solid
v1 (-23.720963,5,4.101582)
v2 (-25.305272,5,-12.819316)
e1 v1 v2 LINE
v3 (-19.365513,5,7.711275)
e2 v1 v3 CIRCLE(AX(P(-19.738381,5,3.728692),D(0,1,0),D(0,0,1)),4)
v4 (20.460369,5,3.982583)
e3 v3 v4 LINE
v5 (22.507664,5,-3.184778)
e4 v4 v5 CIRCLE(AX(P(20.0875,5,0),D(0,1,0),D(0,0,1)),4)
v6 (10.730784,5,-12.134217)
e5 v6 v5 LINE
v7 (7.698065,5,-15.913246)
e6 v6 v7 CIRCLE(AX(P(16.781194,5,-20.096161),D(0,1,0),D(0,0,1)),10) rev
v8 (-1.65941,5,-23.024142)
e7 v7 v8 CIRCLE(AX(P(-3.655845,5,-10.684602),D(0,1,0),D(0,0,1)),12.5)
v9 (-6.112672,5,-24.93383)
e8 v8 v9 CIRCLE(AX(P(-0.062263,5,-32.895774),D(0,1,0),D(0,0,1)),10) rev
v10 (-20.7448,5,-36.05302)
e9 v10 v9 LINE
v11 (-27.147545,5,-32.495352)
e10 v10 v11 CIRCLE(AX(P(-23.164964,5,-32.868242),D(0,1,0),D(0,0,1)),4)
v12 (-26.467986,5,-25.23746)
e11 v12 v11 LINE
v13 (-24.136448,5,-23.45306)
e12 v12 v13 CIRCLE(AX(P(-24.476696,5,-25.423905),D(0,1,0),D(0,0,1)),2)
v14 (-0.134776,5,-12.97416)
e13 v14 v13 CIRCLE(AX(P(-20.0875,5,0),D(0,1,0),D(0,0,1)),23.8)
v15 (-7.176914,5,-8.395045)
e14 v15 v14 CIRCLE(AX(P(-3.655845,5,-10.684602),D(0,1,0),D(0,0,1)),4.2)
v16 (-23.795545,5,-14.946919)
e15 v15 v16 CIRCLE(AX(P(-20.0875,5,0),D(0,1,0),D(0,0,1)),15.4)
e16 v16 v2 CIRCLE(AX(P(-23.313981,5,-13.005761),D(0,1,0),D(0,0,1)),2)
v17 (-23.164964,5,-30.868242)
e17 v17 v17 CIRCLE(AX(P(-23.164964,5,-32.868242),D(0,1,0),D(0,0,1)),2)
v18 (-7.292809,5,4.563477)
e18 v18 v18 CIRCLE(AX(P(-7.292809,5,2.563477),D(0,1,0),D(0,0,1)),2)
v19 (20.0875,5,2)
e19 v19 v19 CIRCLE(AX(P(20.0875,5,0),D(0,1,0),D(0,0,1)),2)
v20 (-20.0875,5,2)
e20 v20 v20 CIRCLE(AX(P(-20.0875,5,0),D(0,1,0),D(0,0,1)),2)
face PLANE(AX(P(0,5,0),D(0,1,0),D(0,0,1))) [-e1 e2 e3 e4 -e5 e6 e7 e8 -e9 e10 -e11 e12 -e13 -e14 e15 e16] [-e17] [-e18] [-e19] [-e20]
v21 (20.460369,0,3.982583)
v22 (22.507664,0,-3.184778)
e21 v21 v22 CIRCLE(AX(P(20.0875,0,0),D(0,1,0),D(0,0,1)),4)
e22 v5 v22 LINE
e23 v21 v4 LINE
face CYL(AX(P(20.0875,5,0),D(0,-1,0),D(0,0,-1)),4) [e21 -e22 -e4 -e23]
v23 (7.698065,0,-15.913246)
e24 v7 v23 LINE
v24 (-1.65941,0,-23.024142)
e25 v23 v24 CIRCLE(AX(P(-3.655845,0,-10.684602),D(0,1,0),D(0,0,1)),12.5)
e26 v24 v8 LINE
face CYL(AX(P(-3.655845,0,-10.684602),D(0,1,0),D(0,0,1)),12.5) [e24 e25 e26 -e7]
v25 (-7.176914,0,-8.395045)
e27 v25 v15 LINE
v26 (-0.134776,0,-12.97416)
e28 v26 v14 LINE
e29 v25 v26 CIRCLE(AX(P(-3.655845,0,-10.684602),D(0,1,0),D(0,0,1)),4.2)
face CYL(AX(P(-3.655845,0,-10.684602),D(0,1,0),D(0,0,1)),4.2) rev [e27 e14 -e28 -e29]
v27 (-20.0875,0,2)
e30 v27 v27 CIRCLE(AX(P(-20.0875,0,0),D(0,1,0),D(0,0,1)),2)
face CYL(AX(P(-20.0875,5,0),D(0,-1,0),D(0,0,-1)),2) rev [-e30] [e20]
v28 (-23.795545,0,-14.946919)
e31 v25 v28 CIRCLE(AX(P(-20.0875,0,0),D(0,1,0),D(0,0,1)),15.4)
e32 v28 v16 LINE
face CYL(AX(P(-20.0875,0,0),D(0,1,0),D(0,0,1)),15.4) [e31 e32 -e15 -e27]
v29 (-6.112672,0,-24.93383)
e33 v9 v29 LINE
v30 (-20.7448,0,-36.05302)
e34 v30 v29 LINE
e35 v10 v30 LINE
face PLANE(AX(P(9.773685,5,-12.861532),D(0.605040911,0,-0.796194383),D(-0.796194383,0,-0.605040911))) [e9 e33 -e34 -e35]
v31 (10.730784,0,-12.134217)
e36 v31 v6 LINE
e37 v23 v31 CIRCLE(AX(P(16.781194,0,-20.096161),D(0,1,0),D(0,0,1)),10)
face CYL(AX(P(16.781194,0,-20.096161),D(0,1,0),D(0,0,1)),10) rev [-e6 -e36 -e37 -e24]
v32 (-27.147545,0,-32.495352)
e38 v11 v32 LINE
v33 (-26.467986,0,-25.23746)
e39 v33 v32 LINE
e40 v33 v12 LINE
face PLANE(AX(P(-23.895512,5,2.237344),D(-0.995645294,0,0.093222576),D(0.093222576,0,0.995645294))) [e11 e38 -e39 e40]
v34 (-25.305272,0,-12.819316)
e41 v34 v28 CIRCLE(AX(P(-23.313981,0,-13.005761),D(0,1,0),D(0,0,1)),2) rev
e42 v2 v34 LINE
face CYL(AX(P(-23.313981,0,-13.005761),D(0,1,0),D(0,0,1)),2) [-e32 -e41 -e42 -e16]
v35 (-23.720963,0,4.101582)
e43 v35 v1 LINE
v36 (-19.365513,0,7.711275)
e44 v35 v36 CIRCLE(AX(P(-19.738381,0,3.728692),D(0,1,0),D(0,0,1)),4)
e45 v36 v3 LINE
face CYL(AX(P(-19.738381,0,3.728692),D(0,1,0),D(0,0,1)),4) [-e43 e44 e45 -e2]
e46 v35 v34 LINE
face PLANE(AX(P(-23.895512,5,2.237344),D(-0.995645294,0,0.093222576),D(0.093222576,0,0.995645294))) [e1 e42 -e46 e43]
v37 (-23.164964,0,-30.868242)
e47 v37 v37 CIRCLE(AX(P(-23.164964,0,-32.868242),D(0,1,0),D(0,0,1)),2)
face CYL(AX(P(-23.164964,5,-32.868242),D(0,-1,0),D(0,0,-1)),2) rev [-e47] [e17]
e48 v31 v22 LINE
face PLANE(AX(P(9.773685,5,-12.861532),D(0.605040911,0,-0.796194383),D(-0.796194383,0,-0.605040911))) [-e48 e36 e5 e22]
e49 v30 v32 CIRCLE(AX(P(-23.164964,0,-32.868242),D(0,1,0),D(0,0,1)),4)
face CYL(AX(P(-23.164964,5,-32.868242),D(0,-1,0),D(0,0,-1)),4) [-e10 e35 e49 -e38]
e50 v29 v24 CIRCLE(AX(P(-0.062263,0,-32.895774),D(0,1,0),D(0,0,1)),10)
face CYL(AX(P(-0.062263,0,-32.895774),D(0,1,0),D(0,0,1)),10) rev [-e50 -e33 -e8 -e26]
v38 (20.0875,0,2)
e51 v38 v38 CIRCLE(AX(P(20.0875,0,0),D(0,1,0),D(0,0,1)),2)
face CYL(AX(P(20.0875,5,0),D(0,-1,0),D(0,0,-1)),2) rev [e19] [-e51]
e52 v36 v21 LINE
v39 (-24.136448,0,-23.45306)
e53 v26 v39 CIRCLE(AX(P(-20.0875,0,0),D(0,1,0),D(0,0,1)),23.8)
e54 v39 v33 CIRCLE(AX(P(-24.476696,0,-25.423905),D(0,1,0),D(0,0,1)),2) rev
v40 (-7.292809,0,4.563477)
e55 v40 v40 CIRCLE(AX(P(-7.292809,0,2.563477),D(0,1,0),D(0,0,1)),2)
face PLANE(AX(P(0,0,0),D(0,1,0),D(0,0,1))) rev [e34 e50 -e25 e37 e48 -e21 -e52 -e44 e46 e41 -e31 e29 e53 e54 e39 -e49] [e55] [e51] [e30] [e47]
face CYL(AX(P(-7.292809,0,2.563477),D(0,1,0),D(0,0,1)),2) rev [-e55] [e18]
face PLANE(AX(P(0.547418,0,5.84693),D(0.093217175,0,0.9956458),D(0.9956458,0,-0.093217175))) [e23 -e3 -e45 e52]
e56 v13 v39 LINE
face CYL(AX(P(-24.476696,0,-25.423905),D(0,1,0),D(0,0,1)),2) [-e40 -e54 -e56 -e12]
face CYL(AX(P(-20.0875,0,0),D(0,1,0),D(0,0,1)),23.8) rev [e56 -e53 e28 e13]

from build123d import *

# Parameters (mm, degrees)
SKETCH_1_R          = 2
EXTRUDE_1_DEPTH     = 5
EXTRUDE_2_DEPTH     = 5
CUT_EXTRUDE_1_DEPTH = 6
EXTRUDE_3_DEPTH     = 5
FILLET_1_R          = 10
FILLET_2_R          = 2
SKETCH_6_R          = 2
CUT_EXTRUDE_2_DEPTH = 6


with BuildPart() as part:
    # 草图1 → 凸台-拉伸1 (new body)
    with BuildSketch(Plane(origin=(0, 0, 0), x_dir=(1, 0, 0), z_dir=(0, 1, 0))):
        with BuildLine():
            ThreePointArc((-20.0875, 4), (-23.044826598, 2.693365811), (-24.070081176, -0.372890305))
            ThreePointArc((-24.070081176, -0.372890305), (-22.780865811, -2.957326598), (-20.0875, -4))
            ThreePointArc((-20.0875, -4), (-17.130173402, -2.693365811), (-16.104918824, 0.372890305))
            Line((-16.104918824, 0.372890305), (-16.444526225, 4))
            Line((-16.444526225, 4), (-20.0875, 4))
        make_face()
        with Locations((-20.0875, 0)):
            Circle(SKETCH_1_R, mode=Mode.SUBTRACT)
        with BuildLine():
            Line((-27.14754486, 32.495352138), (-24.070081176, -0.372890305))
            ThreePointArc((-24.070081176, -0.372890305), (-23.044826598, 2.693365811), (-20.0875, 4))
            Line((-20.0875, 4), (-16.444526225, 4))
            Line((-16.444526225, 4), (-18.333300994, 24.172685504))
            Line((-18.333300994, 24.172685504), (-25.585127327, 29.683464909))
            ThreePointArc((-25.585127327, 29.683464909), (-26.661456606, 30.925425609), (-27.14754486, 32.495352138))
        make_face()
        with BuildLine():
            ThreePointArc((-20.74480004, 36.053019976), (-25.107780517, 36.364735365), (-27.14754486, 32.495352138))
            ThreePointArc((-27.14754486, 32.495352138), (-26.661456606, 30.925425609), (-25.585127327, 29.683464909))
            Line((-25.585127327, 29.683464909), (-18.333300994, 24.172685504))
            Line((-18.333300994, 24.172685504), (-19.182382508, 33.241132747))
            ThreePointArc((-19.182382508, 33.241132747), (-19.668470762, 34.811059276), (-20.74480004, 36.053019976))
        make_face()
        with Locations((-23.164963684, 32.868242443)):
            Circle(SKETCH_1_R, mode=Mode.SUBTRACT)
        with BuildLine():
            Line((22.507663644, 3.184777534), (-20.74480004, 36.053019976))
            ThreePointArc((-20.74480004, 36.053019976), (-19.668470762, 34.811059276), (-19.182382508, 33.241132747))
            Line((-19.182382508, 33.241132747), (-18.333300994, 24.172685504))
            Line((-18.333300994, 24.172685504), (8.212637649, 4))
            Line((8.212637649, 4), (20.0875, 4))
            ThreePointArc((20.0875, 4), (21.364388771, 3.790719598), (22.507663644, 3.184777534))
        make_face()
        with BuildLine():
            ThreePointArc((-16.104918824, 0.372890305), (-17.130173402, -2.693365811), (-20.0875, -4))
            Line((-20.0875, -4), (20.0875, -4))
            ThreePointArc((20.0875, -4), (18.810611229, -3.790719598), (17.667336356, -3.184777534))
            Line((17.667336356, -3.184777534), (8.212637649, 4))
            Line((8.212637649, 4), (-16.444526225, 4))
            Line((-16.444526225, 4), (-16.104918824, 0.372890305))
        make_face()
        with BuildLine():
            ThreePointArc((17.667336356, -3.184777534), (18.810611229, -3.790719598), (20.0875, -4))
            ThreePointArc((20.0875, -4), (23.878219598, -1.276888771), (22.507663644, 3.184777534))
            ThreePointArc((22.507663644, 3.184777534), (21.364388771, 3.790719598), (20.0875, 4))
            Line((20.0875, 4), (8.212637649, 4))
            Line((8.212637649, 4), (17.667336356, -3.184777534))
        make_face()
        with Locations((20.0875, 0)):
            Circle(SKETCH_1_R, mode=Mode.SUBTRACT)
        Polygon((-18.333300994, 24.172685504), (-16.444526225, 4), (8.212637649, 4), align=None)
    extrude(amount=EXTRUDE_1_DEPTH)

    # 草图2 → 凸台-拉伸2 (add)
    with BuildSketch(Plane(origin=(0, 5, 0), x_dir=(1, 0, 0), z_dir=(0, 1, 0))):
        with BuildLine():
            ThreePointArc((-20.0875, -4), (-22.780865811, -2.957326598), (-24.070081176, -0.372890305))
            Line((-24.070081176, -0.372890305), (-23.720962628, -4.10158193))
            ThreePointArc((-23.720962628, -4.10158193), (-22.290826699, -6.808468121), (-19.365512753, -7.711274824))
            Line((-19.365512753, -7.711274824), (20.460368699, -3.982583199))
            ThreePointArc((20.460368699, -3.982583199), (20.274137625, -3.995643427), (20.0875, -4))
            Line((20.0875, -4), (-20.0875, -4))
        make_face()
    extrude(amount=-EXTRUDE_2_DEPTH)

    # 草图3 → 切除-拉伸1 (cut, through all)
    with BuildSketch(Plane(origin=(0, 5, 0), x_dir=(1, 0, 0), z_dir=(0, 1, 0))):
        with BuildLine():
            ThreePointArc((-36.289327432, 17.433897667), (-37.629570165, 14.285674695), (-36.182704661, 11.185007239))
            ThreePointArc((-36.182704661, 11.185007239), (-31.653466249, 15.823666602), (-25.858788976, 18.731049718))
            Line((-25.858788976, 18.731049718), (-26.257218708, 22.986399698))
            ThreePointArc((-26.257218708, 22.986399698), (-31.612650276, 20.82332613), (-36.289327432, 17.433897667))
        make_face()
        with BuildLine():
            ThreePointArc((-25.858788976, 18.731049718), (-11.47348363, 17.605644606), (-1.756724615, 6.938492183))
            ThreePointArc((-1.756724615, 6.938492183), (0.40025314, 9.594618202), (-0.134776474, 12.974159854))
            ThreePointArc((-0.134776474, 12.974159854), (-11.569633945, 22.223545124), (-26.257218708, 22.986399698))
            Line((-26.257218708, 22.986399698), (-25.858788976, 18.731049718))
        make_face()
        with BuildLine():
            ThreePointArc((-7.176914189, 8.395044611), (-4.745829362, 6.62850376), (-1.756724615, 6.938492183))
            ThreePointArc((-1.756724615, 6.938492183), (-11.47348363, 17.605644606), (-25.858788976, 18.731049718))
            Line((-25.858788976, 18.731049718), (-25.456435977, 14.433798061))
            ThreePointArc((-25.456435977, 14.433798061), (-15.256790284, 14.622730376), (-7.176914189, 8.395044611))
        make_face()
        with BuildLine():
            ThreePointArc((-25.858788976, 18.731049718), (-31.653466249, 15.823666602), (-36.182704661, 11.185007239))
            ThreePointArc((-36.182704661, 11.185007239), (-33.358528619, 10.15793874), (-30.571035397, 11.280757314))
            ThreePointArc((-30.571035397, 11.280757314), (-28.168999159, 13.109133127), (-25.456435977, 14.433798061))
            Line((-25.456435977, 14.433798061), (-25.858788976, 18.731049718))
        make_face()
    extrude(amount=-CUT_EXTRUDE_1_DEPTH, mode=Mode.SUBTRACT)

    # 草图4 → 凸台-拉伸3 (add)
    with BuildSketch(Plane(origin=(0, 5, 0), x_dir=(1, 0, 0), z_dir=(0, 1, 0))):
        with BuildLine():
            Line((-3.809557715, 23.183657097), (8.427670456, 13.884390694))
            ThreePointArc((8.427670456, 13.884390694), (3.907166054, 20.637032025), (-3.809557715, 23.183657097))
        make_face()
    extrude(amount=-EXTRUDE_3_DEPTH)

    # 圆角1
    fillet_1_edges = [part.edges().sort_by_distance(p)[0] for p in [
        (8.427670456, 2.5, -13.884390694),
        (-3.809557715, 2.5, -23.183657097),
    ]]
    fillet(fillet_1_edges, radius=FILLET_1_R)

    # 圆角2
    fillet_2_edges = [part.edges().sort_by_distance(p)[0] for p in [
        (-26.257218708, 2.5, -22.986399698),
        (-25.456435977, 2.5, -14.433798061),
    ]]
    fillet(fillet_2_edges, radius=FILLET_2_R)

    # 草图6 → 切除-拉伸2 (cut, through all)
    with BuildSketch(Plane(origin=(0, 5, 0), x_dir=(1, 0, 0), z_dir=(0, 1, 0))):
        with Locations((-7.292808957, -2.56347694)):
            Circle(SKETCH_6_R)
    extrude(amount=-CUT_EXTRUDE_2_DEPTH, mode=Mode.SUBTRACT)


solid = part.part
